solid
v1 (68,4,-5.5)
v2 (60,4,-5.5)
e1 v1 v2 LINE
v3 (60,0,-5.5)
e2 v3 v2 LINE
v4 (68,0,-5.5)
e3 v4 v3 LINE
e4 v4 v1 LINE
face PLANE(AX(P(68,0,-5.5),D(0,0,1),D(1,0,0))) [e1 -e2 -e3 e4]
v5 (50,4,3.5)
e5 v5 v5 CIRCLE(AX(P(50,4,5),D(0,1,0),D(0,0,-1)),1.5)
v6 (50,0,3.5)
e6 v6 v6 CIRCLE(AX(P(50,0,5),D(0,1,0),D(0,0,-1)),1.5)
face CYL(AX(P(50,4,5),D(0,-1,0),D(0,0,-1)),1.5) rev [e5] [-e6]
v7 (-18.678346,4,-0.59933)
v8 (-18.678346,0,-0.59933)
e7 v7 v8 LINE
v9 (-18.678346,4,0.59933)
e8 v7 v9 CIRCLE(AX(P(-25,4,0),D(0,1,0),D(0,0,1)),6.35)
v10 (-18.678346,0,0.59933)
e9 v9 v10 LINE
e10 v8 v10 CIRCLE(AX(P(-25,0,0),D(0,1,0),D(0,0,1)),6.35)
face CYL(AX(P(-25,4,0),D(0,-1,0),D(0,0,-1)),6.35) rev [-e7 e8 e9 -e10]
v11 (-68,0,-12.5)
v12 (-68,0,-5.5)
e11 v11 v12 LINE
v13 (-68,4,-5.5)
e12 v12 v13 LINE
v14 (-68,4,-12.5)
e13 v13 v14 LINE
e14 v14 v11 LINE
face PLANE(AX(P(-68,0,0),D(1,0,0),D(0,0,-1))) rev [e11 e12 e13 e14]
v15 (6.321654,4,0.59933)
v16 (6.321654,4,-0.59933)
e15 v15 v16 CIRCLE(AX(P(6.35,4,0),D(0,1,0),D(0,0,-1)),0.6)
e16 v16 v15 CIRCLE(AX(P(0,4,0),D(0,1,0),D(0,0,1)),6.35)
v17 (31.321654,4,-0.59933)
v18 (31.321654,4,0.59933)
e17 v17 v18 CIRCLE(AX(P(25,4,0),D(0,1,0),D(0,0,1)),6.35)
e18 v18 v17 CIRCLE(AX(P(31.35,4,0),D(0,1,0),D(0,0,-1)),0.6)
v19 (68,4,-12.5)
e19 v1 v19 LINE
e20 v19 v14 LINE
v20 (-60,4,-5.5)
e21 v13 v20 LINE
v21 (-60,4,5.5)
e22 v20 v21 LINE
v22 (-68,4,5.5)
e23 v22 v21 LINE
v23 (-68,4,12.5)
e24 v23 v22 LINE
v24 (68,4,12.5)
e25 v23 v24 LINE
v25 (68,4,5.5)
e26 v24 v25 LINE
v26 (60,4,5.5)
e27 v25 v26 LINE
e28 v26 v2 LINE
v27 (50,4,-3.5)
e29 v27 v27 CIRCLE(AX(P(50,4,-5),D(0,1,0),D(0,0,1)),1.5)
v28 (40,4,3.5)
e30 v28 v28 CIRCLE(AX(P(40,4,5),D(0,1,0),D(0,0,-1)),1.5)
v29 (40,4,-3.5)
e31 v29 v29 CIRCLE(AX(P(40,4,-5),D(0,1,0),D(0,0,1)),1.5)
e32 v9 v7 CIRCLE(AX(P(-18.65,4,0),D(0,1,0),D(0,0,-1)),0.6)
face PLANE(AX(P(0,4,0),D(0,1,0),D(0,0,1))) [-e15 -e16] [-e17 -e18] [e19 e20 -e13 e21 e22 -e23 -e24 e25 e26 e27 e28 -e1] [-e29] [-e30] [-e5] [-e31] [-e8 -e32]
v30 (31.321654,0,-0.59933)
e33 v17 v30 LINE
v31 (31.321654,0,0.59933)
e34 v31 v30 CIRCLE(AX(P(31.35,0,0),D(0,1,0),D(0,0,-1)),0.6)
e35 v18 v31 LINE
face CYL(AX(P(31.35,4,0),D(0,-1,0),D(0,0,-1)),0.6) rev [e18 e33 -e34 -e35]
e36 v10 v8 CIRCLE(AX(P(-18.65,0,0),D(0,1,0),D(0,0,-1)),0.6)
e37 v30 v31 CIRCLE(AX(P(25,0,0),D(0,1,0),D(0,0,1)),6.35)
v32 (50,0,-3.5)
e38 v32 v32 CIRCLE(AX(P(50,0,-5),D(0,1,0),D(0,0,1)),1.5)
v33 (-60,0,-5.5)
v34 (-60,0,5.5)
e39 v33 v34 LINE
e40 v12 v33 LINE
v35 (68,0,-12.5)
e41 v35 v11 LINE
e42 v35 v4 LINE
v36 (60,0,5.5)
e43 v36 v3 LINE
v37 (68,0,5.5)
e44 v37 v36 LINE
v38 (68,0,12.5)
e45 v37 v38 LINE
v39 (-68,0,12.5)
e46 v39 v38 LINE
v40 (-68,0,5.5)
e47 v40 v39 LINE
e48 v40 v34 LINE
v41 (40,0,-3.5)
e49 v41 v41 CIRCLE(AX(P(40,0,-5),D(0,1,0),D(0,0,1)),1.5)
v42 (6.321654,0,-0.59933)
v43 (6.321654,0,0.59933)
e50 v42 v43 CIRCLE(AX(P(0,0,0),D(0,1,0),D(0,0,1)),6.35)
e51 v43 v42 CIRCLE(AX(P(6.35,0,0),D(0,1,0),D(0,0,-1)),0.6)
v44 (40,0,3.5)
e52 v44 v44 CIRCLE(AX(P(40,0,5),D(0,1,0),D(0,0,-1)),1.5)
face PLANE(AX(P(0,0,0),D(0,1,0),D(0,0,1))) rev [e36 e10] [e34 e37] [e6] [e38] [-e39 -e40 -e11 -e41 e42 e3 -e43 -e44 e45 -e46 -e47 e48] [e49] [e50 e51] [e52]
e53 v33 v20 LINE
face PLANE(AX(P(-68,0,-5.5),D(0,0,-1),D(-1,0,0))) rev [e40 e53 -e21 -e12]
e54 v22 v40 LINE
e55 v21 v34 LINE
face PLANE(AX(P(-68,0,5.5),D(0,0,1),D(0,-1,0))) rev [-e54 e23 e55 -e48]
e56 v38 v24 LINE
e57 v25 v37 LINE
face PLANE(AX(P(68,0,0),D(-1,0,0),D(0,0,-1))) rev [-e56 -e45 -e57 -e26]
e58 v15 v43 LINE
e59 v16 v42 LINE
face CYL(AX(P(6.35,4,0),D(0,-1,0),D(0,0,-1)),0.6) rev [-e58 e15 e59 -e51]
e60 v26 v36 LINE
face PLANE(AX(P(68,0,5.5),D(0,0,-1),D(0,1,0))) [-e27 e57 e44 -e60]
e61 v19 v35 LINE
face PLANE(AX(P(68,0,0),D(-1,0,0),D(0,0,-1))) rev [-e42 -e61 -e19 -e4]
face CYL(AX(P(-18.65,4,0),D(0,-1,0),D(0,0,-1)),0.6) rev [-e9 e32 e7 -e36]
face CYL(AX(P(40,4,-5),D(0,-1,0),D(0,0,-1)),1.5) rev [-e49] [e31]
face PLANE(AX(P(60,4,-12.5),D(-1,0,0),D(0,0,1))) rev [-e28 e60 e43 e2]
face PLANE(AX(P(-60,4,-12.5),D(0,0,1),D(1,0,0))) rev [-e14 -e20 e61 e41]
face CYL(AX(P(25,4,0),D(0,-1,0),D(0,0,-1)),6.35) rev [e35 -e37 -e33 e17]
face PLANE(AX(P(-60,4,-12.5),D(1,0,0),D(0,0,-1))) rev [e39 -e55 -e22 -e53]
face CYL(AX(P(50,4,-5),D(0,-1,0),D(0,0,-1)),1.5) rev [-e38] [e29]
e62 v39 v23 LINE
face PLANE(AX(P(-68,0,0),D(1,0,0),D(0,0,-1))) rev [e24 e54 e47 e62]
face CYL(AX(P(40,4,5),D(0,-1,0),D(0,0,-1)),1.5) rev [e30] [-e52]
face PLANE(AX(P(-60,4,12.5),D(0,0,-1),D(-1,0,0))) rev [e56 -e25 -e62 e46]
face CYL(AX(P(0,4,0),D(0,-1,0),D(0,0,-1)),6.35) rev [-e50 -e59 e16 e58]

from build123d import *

# Parameters (mm, degrees)
SKETCH1_W           = 120
SKETCH1_H           = 25
SKETCH1_R           = 1.5
BOSS_EXTRUDE1_DEPTH = 4
SKETCH2_W           = 7
SKETCH2_H           = 4
BOSS_EXTRUDE2_DEPTH = 8


with BuildPart() as part:
    # Sketch1 → Boss-Extrude1 (new body)
    with BuildSketch(Plane(origin=(0, 0, 0), x_dir=(1, 0, 0), z_dir=(0, 1, 0))):
        Rectangle(SKETCH1_W, SKETCH1_H)
        with Locations(Location((40, 5, 0), (0, 0, 270))):
            Circle(SKETCH1_R, mode=Mode.SUBTRACT)
        with Locations(Location((40, -5, 0), (0, 0, 90))):
            Circle(SKETCH1_R, mode=Mode.SUBTRACT)
        with Locations(Location((50, 5, 0), (0, 0, 270))):
            Circle(SKETCH1_R, mode=Mode.SUBTRACT)
        with Locations(Location((50, -5, 0), (0, 0, 90))):
            Circle(SKETCH1_R, mode=Mode.SUBTRACT)
        with BuildLine():
            ThreePointArc((31.321653543, 0.599330025), (31.95, 0), (31.321653543, -0.599330025))
            ThreePointArc((31.321653543, -0.599330025), (18.65, 0), (31.321653543, 0.599330025))
        make_face(mode=Mode.SUBTRACT)
        with BuildLine():
            ThreePointArc((6.321653543, 0.599330025), (6.95, 0), (6.321653543, -0.599330025))
            ThreePointArc((6.321653543, -0.599330025), (-6.35, 0), (6.321653543, 0.599330025))
        make_face(mode=Mode.SUBTRACT)
        with BuildLine():
            ThreePointArc((-18.678346457, 0.599330025), (-18.05, 0), (-18.678346457, -0.599330025))
            ThreePointArc((-18.678346457, -0.599330025), (-31.35, 0), (-18.678346457, 0.599330025))
        make_face(mode=Mode.SUBTRACT)
    extrude(amount=BOSS_EXTRUDE1_DEPTH)

    # Sketch2 → Boss-Extrude2 (add)
    with BuildSketch(Plane.ZY.offset(60)):
        with Locations((-9, 2)):
            Rectangle(SKETCH2_W, SKETCH2_H)
        with Locations((9, 2)):
            Rectangle(SKETCH2_W, SKETCH2_H)
    boss_extrude2 = extrude(amount=BOSS_EXTRUDE2_DEPTH)

    # Mirror1: Boss-Extrude2 across plane
    add(boss_extrude2.mirror(Plane.ZY))


solid = part.part
